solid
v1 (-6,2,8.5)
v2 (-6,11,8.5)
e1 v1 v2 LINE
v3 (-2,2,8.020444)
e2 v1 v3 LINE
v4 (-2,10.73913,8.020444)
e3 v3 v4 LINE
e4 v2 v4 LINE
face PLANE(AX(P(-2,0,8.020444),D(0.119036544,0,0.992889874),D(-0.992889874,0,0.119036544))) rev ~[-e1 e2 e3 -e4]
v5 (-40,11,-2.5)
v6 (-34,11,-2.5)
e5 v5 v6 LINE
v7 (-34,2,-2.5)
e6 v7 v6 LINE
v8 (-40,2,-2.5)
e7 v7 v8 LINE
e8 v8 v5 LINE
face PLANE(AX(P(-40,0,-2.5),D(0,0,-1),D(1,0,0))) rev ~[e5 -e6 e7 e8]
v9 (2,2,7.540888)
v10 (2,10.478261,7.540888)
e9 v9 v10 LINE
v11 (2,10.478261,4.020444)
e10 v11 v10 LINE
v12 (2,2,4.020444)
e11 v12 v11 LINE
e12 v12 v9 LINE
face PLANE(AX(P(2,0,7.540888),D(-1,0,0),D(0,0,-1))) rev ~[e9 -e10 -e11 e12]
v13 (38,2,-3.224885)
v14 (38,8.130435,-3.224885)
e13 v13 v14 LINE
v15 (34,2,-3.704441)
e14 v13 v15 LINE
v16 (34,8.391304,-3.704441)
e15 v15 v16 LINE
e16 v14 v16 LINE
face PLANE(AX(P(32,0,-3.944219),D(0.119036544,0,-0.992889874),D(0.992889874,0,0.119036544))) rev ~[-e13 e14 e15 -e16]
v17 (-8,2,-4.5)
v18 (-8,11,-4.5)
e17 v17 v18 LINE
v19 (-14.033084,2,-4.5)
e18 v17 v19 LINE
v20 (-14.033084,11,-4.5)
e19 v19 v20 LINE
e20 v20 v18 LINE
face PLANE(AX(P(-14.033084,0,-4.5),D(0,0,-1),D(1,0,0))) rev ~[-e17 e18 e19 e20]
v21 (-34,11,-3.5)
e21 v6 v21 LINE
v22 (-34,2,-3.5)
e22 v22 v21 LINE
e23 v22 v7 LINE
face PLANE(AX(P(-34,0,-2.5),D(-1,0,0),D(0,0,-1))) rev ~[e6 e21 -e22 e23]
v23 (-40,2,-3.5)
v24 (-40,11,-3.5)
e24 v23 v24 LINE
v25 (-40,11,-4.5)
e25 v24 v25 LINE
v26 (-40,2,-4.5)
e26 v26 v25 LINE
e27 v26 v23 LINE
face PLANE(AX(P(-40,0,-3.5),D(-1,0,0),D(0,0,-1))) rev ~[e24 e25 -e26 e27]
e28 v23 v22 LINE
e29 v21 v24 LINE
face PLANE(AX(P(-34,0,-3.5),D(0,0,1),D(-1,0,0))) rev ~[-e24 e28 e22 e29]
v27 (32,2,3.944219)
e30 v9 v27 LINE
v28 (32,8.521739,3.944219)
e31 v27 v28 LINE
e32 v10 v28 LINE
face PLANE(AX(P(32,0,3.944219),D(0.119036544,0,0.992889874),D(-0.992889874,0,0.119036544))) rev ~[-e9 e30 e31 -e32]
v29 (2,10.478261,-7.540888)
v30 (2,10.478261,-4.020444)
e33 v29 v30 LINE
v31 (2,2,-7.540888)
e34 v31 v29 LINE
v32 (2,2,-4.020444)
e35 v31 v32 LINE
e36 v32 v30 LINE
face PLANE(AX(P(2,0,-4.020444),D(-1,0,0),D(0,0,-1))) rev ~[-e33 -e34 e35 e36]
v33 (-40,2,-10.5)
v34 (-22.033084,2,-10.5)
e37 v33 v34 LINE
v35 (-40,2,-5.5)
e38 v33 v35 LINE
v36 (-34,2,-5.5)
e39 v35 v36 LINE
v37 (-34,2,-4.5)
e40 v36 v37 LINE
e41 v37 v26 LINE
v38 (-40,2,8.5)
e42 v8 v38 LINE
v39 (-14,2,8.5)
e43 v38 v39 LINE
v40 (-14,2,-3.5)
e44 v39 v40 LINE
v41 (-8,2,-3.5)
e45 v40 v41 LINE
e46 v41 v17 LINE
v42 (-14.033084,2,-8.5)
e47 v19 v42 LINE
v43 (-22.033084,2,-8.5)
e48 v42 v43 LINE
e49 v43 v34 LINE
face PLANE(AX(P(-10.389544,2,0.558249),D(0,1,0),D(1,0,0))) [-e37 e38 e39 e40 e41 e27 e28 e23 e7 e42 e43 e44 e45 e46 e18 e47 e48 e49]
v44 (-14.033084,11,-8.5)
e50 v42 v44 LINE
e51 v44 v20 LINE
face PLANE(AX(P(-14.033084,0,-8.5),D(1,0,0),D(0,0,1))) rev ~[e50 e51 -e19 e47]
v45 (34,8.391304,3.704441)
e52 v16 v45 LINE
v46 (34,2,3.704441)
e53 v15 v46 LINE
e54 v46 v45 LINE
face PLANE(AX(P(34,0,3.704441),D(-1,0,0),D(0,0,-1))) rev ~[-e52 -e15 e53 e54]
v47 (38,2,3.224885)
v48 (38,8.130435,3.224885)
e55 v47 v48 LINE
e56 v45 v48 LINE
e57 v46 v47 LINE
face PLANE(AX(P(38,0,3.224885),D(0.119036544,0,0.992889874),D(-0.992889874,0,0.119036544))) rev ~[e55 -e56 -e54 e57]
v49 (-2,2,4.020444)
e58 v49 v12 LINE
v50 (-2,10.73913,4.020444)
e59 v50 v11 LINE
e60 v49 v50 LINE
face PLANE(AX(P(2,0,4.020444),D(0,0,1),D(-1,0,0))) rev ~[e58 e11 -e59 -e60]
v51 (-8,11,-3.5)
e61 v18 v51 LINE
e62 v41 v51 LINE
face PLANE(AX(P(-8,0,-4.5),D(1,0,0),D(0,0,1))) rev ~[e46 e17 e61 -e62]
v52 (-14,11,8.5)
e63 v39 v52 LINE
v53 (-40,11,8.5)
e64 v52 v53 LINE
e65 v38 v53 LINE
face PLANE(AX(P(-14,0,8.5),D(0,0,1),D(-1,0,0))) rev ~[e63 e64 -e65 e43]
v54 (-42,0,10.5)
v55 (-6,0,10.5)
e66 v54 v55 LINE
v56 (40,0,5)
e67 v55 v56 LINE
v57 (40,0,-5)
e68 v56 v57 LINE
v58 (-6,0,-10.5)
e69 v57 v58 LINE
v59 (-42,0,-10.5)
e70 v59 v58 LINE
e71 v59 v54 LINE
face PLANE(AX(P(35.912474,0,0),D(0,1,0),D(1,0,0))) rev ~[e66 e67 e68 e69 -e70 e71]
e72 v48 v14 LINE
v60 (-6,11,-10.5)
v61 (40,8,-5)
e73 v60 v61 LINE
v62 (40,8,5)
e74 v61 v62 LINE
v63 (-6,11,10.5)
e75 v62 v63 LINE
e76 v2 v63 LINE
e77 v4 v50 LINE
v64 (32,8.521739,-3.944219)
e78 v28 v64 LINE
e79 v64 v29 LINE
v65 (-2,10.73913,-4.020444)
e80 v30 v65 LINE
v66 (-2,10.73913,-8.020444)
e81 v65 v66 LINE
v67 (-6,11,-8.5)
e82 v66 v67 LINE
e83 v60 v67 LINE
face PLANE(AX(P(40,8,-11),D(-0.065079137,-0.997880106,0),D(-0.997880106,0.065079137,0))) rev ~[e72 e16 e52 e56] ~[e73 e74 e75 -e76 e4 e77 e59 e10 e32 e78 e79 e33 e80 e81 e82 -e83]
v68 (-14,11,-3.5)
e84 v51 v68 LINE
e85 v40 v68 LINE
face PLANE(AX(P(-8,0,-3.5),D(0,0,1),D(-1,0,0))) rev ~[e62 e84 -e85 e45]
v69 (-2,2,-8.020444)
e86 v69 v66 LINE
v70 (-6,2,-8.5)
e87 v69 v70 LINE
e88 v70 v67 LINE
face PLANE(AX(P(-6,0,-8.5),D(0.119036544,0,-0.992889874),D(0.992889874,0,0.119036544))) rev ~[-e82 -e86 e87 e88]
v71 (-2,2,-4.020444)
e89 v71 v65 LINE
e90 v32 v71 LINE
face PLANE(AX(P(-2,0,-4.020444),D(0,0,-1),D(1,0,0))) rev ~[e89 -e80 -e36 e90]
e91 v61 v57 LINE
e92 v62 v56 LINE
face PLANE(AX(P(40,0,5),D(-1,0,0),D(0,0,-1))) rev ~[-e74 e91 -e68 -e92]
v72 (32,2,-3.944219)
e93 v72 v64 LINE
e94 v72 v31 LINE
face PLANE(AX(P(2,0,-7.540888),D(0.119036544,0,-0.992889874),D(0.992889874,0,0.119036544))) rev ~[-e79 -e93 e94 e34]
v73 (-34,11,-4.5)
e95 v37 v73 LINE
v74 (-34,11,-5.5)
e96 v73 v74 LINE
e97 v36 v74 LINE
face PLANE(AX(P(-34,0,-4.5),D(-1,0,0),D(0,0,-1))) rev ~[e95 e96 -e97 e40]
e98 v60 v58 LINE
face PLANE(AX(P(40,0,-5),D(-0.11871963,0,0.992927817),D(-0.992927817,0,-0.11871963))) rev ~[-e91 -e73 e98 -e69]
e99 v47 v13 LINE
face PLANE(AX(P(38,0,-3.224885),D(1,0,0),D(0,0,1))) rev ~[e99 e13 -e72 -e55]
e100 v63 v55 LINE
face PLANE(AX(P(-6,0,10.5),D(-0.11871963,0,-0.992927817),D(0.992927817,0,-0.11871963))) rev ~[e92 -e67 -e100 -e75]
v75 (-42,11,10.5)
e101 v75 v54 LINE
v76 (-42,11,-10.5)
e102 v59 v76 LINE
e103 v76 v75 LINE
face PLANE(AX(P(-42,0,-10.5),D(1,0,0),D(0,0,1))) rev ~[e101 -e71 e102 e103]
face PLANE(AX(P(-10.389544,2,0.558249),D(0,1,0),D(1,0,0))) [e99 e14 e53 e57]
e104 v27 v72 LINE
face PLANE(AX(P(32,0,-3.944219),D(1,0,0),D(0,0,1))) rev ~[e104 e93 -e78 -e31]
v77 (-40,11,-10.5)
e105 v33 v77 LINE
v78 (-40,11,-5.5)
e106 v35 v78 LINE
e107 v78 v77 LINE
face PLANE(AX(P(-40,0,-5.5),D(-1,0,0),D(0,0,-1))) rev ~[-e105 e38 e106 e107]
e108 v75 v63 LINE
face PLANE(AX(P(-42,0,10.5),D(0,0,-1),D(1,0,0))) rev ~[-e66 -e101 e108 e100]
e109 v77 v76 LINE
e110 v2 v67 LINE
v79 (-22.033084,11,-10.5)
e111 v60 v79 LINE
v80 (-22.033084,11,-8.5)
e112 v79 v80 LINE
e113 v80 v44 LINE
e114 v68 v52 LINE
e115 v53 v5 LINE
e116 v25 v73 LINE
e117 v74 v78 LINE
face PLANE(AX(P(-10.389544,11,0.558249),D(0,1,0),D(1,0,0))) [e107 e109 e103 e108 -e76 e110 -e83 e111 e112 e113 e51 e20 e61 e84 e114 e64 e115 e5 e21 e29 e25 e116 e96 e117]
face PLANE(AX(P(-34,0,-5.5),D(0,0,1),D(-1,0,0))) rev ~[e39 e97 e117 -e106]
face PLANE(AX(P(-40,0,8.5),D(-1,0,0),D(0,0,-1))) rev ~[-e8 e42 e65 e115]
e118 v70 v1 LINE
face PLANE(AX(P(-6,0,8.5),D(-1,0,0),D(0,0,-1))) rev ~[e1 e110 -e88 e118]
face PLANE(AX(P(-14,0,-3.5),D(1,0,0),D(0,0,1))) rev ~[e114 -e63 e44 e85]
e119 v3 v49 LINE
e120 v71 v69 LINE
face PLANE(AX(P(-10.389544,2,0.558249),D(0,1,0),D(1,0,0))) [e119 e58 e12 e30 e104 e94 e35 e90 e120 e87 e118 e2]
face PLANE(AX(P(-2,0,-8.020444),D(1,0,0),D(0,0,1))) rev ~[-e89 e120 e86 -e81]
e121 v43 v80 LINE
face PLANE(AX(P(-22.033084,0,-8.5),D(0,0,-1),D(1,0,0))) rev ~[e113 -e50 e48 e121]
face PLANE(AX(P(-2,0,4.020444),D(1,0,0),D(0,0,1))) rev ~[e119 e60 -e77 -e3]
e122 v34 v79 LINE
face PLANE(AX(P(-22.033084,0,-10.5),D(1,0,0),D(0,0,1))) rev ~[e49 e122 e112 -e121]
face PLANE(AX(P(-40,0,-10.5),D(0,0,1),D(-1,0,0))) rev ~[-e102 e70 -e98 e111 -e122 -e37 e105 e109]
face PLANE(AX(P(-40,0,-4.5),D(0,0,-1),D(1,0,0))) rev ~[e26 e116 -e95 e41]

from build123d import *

# Parameters (mm, degrees)
BOSS_EXTRUDE1_DEPTH     = 2
BOSS_EXTRUDE2_DEPTH     = 11
CUT_EXTRUDE1_DEPTH      = 11
CUT_EXTRUDE1_DEPTH_BACK = 11


with BuildPart() as part:
    # Sketch1 → Boss-Extrude1 (new body)
    with BuildSketch(Plane(origin=(0, 0, 0), x_dir=(1, 0, 0), z_dir=(0, 1, 0))):
        Polygon((-42, 10.5), (-42, -10.5), (-6, -10.5), (40, -5), (40, 5), (-6, 10.5), align=None)
    extrude(amount=BOSS_EXTRUDE1_DEPTH)

    # Sketch1<5> → Boss-Extrude2 (add)
    with BuildSketch(Plane(origin=(0, 0, 0), x_dir=(1, 0, 0), z_dir=(0, 1, 0))):
        Polygon((-40, 10.5), (-42, 10.5), (-42, -10.5), (-6, -10.5), (40, -5), (40, 5), (-6, 10.5), (-22.03308425, 10.5), (-22.03308425, 8.5), (-14.03308425, 8.5), (-14.03308425, 4.5), (-8, 4.5), (-8, 3.5), (-14, 3.5), (-14, -8.5), (-40, -8.5), (-40, 2.5), (-34, 2.5), (-34, 3.5), (-40, 3.5), (-40, 4.5), (-34, 4.5), (-34, 5.5), (-40, 5.5), align=None)
        Polygon((-6, -8.5), (-6, 8.5), (-2, 8.02044412), (-2, 4.02044412), (2, 4.02044412), (2, 7.540888241), (32, 3.944219144), (32, -3.944219144), (2, -7.540888241), (2, -4.02044412), (-2, -4.02044412), (-2, -8.02044412), align=None, mode=Mode.SUBTRACT)
        Polygon((38, -3.224885324), (34, -3.704441204), (34, 3.704441204), (38, 3.224885324), align=None, mode=Mode.SUBTRACT)
    extrude(amount=BOSS_EXTRUDE2_DEPTH)

    # Sketch2 → Cut-Extrude1 (cut, two sides: drawn at the far end of the back side and taken through both)
    with BuildSketch(Plane.XY.offset(-CUT_EXTRUDE1_DEPTH_BACK)):
        Polygon((-6, 11), (40, 11), (40, 8), align=None)
    extrude(amount=CUT_EXTRUDE1_DEPTH + CUT_EXTRUDE1_DEPTH_BACK, mode=Mode.SUBTRACT)


solid = part.part
